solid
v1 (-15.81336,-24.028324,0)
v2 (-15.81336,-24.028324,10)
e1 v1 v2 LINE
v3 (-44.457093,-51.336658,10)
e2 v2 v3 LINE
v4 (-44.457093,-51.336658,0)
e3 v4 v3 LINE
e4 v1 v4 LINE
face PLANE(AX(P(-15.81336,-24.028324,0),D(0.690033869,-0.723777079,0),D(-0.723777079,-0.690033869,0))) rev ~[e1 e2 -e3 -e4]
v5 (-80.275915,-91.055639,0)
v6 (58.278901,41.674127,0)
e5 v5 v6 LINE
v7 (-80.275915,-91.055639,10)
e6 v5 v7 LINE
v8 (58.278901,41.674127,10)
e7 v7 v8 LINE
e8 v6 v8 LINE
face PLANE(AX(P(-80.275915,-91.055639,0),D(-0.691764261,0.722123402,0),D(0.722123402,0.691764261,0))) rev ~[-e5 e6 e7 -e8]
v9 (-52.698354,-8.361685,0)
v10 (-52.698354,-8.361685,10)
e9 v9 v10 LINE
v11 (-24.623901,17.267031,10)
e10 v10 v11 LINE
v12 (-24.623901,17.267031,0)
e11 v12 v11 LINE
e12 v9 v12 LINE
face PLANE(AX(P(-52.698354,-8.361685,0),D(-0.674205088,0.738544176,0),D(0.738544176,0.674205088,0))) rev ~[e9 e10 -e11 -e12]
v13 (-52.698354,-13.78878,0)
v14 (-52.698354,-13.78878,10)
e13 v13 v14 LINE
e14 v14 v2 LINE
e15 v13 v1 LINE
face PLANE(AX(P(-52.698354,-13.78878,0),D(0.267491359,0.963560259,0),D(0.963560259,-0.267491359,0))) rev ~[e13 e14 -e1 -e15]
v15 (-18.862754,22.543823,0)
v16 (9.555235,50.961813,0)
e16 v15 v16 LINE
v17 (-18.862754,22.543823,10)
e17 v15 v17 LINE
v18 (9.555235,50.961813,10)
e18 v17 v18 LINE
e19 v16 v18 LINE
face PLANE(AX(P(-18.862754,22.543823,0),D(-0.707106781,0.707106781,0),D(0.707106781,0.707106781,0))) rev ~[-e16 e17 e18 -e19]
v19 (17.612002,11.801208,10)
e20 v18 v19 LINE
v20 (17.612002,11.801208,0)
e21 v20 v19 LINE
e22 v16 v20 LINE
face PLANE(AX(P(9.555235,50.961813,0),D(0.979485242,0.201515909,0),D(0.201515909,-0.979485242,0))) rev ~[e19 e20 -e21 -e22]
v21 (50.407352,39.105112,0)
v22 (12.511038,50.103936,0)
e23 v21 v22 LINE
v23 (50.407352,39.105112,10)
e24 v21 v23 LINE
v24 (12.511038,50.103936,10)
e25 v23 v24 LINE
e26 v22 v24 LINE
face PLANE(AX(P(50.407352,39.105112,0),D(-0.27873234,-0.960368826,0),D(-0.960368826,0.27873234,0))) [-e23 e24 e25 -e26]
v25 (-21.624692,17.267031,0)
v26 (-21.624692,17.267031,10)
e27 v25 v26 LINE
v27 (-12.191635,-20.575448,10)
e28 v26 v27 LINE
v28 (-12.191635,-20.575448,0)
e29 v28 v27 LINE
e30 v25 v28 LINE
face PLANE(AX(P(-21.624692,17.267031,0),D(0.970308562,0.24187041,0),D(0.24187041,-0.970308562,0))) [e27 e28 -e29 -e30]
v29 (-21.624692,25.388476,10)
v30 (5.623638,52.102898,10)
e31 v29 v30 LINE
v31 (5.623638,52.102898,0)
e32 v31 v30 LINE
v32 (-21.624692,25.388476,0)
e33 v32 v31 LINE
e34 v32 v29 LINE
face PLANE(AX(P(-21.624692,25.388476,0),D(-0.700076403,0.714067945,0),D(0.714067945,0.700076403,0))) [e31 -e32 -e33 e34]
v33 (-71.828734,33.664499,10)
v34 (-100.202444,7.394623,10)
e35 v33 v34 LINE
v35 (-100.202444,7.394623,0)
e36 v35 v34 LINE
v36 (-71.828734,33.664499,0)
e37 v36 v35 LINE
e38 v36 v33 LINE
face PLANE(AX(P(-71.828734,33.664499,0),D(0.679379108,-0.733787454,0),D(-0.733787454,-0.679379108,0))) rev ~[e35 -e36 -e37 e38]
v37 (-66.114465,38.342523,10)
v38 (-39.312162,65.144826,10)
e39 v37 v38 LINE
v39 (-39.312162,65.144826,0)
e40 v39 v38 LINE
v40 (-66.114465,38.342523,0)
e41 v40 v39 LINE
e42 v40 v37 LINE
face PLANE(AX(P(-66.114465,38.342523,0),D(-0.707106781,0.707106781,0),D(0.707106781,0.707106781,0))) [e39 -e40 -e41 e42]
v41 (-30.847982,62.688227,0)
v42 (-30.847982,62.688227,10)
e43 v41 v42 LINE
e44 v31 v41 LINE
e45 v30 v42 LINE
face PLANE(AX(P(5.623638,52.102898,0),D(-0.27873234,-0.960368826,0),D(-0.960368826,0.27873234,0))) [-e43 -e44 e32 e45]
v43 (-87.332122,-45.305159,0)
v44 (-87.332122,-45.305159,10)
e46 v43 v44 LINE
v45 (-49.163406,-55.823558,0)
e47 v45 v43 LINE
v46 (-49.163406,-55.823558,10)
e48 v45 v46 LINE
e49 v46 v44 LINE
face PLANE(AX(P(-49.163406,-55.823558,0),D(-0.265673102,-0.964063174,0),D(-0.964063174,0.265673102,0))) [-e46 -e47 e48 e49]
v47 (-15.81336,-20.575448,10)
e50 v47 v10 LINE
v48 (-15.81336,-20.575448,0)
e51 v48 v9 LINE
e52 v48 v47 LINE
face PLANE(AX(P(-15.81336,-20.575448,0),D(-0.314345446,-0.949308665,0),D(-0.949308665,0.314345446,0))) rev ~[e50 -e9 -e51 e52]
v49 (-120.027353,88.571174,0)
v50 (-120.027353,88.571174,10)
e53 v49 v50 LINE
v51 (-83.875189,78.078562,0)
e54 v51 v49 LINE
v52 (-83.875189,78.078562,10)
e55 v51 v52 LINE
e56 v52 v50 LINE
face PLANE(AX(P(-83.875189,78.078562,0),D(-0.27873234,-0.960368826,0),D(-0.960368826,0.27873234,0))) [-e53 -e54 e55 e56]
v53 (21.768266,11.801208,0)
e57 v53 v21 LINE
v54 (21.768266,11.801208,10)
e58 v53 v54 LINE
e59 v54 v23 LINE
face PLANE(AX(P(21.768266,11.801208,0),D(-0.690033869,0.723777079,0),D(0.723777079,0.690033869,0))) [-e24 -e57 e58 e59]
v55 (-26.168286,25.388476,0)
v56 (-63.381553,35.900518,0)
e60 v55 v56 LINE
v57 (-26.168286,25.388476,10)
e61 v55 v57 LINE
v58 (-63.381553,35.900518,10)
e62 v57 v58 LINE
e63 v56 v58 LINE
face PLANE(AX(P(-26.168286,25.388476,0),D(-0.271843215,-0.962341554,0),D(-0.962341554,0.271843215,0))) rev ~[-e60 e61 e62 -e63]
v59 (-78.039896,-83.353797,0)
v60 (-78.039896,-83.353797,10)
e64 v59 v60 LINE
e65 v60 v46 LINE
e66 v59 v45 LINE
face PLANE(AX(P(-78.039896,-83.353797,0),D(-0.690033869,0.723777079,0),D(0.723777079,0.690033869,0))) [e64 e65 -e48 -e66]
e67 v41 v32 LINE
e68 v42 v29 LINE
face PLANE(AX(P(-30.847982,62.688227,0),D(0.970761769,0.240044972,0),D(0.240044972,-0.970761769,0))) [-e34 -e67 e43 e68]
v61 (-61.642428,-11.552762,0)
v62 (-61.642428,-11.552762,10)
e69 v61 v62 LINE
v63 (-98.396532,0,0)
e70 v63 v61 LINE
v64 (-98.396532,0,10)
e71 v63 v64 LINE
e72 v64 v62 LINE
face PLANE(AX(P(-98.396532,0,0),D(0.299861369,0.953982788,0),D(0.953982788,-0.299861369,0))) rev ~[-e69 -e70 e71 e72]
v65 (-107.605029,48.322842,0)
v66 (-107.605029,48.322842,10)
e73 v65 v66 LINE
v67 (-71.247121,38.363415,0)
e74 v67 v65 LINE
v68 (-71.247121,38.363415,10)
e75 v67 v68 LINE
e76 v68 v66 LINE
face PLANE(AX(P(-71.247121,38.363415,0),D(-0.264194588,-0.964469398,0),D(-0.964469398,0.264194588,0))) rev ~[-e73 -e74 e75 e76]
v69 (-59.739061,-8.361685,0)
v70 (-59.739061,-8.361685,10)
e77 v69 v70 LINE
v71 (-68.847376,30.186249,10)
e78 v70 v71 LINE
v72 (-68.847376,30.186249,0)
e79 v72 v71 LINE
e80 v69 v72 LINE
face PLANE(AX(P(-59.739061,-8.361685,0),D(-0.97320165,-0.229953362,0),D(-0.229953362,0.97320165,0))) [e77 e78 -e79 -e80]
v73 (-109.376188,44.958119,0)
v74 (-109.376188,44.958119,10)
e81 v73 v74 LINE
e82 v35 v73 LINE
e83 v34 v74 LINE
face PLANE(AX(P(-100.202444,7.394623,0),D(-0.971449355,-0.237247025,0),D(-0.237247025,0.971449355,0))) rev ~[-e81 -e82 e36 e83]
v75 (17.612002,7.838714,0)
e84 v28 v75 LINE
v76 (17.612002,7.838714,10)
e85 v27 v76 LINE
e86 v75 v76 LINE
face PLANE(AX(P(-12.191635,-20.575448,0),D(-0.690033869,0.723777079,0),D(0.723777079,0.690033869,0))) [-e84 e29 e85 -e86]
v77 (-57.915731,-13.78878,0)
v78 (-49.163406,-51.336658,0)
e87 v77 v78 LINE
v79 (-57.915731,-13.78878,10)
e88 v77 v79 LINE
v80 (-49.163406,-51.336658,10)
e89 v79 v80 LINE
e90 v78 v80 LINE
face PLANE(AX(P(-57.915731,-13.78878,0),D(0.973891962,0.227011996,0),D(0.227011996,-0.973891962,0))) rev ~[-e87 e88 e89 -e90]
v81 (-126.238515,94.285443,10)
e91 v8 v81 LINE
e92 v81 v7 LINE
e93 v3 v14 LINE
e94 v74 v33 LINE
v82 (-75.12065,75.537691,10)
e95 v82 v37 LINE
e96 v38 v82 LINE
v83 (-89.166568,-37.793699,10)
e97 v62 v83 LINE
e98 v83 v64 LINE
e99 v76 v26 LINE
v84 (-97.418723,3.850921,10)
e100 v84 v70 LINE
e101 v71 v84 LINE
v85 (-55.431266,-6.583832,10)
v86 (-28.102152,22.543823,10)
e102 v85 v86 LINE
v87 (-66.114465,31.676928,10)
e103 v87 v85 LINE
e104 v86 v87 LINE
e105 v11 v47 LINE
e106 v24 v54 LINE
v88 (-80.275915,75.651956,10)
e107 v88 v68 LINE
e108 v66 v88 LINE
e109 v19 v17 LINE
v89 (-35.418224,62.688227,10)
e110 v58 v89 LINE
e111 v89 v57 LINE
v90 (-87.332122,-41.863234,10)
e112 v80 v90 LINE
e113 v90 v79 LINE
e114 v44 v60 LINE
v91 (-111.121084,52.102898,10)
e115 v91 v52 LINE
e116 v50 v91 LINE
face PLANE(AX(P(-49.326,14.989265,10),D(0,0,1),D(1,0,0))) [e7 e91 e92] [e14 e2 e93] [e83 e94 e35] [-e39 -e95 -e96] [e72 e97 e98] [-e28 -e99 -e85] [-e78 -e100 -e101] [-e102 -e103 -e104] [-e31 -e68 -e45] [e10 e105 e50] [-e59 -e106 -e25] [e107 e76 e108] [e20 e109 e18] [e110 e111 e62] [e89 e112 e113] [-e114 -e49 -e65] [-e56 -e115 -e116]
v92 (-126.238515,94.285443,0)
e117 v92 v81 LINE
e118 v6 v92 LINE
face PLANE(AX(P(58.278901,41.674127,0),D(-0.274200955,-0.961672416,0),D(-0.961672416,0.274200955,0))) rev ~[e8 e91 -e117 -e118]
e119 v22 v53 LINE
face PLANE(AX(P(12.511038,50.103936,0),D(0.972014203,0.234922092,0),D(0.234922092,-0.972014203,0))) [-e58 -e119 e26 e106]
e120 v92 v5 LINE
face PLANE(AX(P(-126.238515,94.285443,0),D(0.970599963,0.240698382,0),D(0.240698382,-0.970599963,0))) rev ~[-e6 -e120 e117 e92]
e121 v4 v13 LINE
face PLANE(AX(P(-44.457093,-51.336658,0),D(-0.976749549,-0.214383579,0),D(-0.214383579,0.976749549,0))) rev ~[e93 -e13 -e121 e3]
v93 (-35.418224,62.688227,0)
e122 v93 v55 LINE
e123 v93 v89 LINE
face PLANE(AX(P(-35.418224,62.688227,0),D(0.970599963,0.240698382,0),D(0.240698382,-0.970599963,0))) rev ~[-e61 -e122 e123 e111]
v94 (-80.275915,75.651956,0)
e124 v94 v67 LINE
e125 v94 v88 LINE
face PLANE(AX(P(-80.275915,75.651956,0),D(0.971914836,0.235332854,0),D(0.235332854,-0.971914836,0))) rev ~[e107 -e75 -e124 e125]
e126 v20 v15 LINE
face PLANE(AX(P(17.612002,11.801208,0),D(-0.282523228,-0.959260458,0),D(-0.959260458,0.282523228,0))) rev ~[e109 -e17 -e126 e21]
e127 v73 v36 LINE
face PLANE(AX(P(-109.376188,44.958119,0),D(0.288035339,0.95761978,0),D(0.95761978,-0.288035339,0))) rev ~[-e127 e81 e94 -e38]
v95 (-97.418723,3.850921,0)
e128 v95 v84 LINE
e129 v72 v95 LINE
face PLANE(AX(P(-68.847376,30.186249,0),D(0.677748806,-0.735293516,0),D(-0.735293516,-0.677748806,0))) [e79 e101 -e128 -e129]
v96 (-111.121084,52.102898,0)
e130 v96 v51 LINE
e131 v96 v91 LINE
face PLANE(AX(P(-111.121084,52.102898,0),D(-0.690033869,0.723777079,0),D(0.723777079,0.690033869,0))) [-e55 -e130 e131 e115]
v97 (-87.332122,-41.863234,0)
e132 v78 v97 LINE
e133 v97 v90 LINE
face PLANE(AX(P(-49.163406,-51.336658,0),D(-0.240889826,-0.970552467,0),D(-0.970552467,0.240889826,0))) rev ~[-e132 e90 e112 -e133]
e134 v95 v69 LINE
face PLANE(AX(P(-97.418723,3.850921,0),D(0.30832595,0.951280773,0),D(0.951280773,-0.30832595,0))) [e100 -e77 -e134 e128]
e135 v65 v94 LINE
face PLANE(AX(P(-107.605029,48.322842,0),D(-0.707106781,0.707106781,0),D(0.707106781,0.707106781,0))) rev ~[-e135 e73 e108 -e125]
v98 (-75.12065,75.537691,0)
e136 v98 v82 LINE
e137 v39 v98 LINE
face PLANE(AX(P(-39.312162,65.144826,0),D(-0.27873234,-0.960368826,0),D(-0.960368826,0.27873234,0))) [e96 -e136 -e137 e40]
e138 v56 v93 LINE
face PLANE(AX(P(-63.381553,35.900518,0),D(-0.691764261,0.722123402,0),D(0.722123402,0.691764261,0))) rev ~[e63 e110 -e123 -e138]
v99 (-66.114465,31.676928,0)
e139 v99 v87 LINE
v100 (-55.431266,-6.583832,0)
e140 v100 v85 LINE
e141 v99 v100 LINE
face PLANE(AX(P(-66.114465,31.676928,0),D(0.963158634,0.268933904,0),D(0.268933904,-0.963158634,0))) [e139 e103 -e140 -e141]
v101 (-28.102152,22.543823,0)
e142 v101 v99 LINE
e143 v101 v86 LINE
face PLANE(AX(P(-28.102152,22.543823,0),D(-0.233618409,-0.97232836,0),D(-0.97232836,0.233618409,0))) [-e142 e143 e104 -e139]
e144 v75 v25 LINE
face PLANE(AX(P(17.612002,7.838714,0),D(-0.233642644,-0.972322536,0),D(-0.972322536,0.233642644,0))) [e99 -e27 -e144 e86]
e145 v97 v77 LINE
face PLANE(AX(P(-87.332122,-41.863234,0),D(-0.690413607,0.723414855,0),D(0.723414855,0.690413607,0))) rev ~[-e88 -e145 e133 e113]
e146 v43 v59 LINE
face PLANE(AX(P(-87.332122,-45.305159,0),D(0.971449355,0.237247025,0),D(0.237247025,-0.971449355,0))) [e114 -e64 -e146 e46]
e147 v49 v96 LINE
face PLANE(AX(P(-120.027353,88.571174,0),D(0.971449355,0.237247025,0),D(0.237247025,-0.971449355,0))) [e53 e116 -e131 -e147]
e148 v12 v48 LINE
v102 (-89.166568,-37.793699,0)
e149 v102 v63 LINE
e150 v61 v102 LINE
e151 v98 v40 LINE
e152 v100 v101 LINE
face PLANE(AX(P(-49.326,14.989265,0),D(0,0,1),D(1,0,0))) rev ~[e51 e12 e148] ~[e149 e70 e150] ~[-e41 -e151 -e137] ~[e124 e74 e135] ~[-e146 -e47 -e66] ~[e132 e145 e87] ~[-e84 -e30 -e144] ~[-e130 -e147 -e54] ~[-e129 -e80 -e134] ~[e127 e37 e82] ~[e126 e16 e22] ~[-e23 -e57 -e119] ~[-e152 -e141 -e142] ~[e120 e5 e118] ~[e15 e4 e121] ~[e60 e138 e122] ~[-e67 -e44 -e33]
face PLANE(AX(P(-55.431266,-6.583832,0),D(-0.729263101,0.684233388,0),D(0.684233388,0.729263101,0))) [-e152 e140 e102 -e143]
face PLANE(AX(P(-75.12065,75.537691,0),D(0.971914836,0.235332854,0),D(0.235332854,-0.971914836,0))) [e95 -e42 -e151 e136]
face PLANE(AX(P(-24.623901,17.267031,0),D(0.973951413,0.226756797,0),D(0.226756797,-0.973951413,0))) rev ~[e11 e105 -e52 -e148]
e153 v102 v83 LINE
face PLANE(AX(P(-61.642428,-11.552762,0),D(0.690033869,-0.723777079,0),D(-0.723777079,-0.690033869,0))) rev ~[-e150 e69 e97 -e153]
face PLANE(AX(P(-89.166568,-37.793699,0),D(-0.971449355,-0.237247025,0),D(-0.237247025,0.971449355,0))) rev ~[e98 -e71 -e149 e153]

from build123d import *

# Parameters (mm, degrees)
RESSALTO_EXTRUS_O1_DEPTH = 10


with BuildPart() as part:
    # Esboço1 → Ressalto-extrusão1 (new body)
    with BuildSketch(Plane.XY):
        Polygon((-126.238515457, 94.285443038), (-80.275914767, -91.055638665), (58.278900907, 41.674126668), align=None)
        Polygon((-120.027353202, 88.571173763), (-111.121083647, 52.102898426), (-83.875189284, 78.078561997), align=None, mode=Mode.SUBTRACT)
        Polygon((-78.039896355, -83.353797468), (-49.163405973, -55.823557892), (-87.332121667, -45.305158912), align=None, mode=Mode.SUBTRACT)
        Polygon((-107.605028691, 48.322842348), (-80.275914767, 75.651956272), (-71.247120871, 38.363415453), align=None, mode=Mode.SUBTRACT)
        Polygon((-75.120650095, 75.537691107), (-66.114464824, 38.342522964), (-39.312161848, 65.14482594), align=None, mode=Mode.SUBTRACT)
        Polygon((-109.376188137, 44.95811918), (-71.828734099, 33.664499425), (-100.202444106, 7.394622908), align=None, mode=Mode.SUBTRACT)
        Polygon((-30.847981962, 62.688227391), (-21.624691556, 25.38847633), (5.623637916, 52.102898426), align=None, mode=Mode.SUBTRACT)
        Polygon((-68.847376217, 30.186248562), (-97.418722592, 3.850920598), (-59.73906137, -8.361685457), align=None, mode=Mode.SUBTRACT)
        Polygon((-63.381553432, 35.900517837), (-35.418223954, 62.688227391), (-26.168285688, 25.38847633), align=None, mode=Mode.SUBTRACT)
        Polygon((-18.862754173, 22.543823465), (9.555234971, 50.961812609), (17.612002379, 11.801208285), align=None, mode=Mode.SUBTRACT)
        Polygon((12.511037677, 50.103936153), (21.768265533, 11.801208285), (50.407351595, 39.105111568), align=None, mode=Mode.SUBTRACT)
        Polygon((-98.396531864, 0), (-61.642428, -11.552761795), (-89.166567856, -37.793698777), align=None, mode=Mode.SUBTRACT)
        Polygon((-66.114464824, 31.676927503), (-55.431265745, -6.583831991), (-28.102151821, 22.543823465), align=None, mode=Mode.SUBTRACT)
        Polygon((-52.698354353, -8.361685457), (-24.623900958, 17.26703107), (-15.813359557, -20.575447504), align=None, mode=Mode.SUBTRACT)
        Polygon((-44.457092929, -51.33665786), (-52.698354353, -13.788780207), (-15.813359557, -24.02832393), align=None, mode=Mode.SUBTRACT)
        Polygon((-21.624691556, 17.26703107), (-12.191634703, -20.575447504), (17.612002379, 7.838714269), align=None, mode=Mode.SUBTRACT)
        Polygon((-57.915730647, -13.788780207), (-49.163405973, -51.33665786), (-87.332121667, -41.863233602), align=None, mode=Mode.SUBTRACT)
    extrude(amount=RESSALTO_EXTRUS_O1_DEPTH)


solid = part.part
